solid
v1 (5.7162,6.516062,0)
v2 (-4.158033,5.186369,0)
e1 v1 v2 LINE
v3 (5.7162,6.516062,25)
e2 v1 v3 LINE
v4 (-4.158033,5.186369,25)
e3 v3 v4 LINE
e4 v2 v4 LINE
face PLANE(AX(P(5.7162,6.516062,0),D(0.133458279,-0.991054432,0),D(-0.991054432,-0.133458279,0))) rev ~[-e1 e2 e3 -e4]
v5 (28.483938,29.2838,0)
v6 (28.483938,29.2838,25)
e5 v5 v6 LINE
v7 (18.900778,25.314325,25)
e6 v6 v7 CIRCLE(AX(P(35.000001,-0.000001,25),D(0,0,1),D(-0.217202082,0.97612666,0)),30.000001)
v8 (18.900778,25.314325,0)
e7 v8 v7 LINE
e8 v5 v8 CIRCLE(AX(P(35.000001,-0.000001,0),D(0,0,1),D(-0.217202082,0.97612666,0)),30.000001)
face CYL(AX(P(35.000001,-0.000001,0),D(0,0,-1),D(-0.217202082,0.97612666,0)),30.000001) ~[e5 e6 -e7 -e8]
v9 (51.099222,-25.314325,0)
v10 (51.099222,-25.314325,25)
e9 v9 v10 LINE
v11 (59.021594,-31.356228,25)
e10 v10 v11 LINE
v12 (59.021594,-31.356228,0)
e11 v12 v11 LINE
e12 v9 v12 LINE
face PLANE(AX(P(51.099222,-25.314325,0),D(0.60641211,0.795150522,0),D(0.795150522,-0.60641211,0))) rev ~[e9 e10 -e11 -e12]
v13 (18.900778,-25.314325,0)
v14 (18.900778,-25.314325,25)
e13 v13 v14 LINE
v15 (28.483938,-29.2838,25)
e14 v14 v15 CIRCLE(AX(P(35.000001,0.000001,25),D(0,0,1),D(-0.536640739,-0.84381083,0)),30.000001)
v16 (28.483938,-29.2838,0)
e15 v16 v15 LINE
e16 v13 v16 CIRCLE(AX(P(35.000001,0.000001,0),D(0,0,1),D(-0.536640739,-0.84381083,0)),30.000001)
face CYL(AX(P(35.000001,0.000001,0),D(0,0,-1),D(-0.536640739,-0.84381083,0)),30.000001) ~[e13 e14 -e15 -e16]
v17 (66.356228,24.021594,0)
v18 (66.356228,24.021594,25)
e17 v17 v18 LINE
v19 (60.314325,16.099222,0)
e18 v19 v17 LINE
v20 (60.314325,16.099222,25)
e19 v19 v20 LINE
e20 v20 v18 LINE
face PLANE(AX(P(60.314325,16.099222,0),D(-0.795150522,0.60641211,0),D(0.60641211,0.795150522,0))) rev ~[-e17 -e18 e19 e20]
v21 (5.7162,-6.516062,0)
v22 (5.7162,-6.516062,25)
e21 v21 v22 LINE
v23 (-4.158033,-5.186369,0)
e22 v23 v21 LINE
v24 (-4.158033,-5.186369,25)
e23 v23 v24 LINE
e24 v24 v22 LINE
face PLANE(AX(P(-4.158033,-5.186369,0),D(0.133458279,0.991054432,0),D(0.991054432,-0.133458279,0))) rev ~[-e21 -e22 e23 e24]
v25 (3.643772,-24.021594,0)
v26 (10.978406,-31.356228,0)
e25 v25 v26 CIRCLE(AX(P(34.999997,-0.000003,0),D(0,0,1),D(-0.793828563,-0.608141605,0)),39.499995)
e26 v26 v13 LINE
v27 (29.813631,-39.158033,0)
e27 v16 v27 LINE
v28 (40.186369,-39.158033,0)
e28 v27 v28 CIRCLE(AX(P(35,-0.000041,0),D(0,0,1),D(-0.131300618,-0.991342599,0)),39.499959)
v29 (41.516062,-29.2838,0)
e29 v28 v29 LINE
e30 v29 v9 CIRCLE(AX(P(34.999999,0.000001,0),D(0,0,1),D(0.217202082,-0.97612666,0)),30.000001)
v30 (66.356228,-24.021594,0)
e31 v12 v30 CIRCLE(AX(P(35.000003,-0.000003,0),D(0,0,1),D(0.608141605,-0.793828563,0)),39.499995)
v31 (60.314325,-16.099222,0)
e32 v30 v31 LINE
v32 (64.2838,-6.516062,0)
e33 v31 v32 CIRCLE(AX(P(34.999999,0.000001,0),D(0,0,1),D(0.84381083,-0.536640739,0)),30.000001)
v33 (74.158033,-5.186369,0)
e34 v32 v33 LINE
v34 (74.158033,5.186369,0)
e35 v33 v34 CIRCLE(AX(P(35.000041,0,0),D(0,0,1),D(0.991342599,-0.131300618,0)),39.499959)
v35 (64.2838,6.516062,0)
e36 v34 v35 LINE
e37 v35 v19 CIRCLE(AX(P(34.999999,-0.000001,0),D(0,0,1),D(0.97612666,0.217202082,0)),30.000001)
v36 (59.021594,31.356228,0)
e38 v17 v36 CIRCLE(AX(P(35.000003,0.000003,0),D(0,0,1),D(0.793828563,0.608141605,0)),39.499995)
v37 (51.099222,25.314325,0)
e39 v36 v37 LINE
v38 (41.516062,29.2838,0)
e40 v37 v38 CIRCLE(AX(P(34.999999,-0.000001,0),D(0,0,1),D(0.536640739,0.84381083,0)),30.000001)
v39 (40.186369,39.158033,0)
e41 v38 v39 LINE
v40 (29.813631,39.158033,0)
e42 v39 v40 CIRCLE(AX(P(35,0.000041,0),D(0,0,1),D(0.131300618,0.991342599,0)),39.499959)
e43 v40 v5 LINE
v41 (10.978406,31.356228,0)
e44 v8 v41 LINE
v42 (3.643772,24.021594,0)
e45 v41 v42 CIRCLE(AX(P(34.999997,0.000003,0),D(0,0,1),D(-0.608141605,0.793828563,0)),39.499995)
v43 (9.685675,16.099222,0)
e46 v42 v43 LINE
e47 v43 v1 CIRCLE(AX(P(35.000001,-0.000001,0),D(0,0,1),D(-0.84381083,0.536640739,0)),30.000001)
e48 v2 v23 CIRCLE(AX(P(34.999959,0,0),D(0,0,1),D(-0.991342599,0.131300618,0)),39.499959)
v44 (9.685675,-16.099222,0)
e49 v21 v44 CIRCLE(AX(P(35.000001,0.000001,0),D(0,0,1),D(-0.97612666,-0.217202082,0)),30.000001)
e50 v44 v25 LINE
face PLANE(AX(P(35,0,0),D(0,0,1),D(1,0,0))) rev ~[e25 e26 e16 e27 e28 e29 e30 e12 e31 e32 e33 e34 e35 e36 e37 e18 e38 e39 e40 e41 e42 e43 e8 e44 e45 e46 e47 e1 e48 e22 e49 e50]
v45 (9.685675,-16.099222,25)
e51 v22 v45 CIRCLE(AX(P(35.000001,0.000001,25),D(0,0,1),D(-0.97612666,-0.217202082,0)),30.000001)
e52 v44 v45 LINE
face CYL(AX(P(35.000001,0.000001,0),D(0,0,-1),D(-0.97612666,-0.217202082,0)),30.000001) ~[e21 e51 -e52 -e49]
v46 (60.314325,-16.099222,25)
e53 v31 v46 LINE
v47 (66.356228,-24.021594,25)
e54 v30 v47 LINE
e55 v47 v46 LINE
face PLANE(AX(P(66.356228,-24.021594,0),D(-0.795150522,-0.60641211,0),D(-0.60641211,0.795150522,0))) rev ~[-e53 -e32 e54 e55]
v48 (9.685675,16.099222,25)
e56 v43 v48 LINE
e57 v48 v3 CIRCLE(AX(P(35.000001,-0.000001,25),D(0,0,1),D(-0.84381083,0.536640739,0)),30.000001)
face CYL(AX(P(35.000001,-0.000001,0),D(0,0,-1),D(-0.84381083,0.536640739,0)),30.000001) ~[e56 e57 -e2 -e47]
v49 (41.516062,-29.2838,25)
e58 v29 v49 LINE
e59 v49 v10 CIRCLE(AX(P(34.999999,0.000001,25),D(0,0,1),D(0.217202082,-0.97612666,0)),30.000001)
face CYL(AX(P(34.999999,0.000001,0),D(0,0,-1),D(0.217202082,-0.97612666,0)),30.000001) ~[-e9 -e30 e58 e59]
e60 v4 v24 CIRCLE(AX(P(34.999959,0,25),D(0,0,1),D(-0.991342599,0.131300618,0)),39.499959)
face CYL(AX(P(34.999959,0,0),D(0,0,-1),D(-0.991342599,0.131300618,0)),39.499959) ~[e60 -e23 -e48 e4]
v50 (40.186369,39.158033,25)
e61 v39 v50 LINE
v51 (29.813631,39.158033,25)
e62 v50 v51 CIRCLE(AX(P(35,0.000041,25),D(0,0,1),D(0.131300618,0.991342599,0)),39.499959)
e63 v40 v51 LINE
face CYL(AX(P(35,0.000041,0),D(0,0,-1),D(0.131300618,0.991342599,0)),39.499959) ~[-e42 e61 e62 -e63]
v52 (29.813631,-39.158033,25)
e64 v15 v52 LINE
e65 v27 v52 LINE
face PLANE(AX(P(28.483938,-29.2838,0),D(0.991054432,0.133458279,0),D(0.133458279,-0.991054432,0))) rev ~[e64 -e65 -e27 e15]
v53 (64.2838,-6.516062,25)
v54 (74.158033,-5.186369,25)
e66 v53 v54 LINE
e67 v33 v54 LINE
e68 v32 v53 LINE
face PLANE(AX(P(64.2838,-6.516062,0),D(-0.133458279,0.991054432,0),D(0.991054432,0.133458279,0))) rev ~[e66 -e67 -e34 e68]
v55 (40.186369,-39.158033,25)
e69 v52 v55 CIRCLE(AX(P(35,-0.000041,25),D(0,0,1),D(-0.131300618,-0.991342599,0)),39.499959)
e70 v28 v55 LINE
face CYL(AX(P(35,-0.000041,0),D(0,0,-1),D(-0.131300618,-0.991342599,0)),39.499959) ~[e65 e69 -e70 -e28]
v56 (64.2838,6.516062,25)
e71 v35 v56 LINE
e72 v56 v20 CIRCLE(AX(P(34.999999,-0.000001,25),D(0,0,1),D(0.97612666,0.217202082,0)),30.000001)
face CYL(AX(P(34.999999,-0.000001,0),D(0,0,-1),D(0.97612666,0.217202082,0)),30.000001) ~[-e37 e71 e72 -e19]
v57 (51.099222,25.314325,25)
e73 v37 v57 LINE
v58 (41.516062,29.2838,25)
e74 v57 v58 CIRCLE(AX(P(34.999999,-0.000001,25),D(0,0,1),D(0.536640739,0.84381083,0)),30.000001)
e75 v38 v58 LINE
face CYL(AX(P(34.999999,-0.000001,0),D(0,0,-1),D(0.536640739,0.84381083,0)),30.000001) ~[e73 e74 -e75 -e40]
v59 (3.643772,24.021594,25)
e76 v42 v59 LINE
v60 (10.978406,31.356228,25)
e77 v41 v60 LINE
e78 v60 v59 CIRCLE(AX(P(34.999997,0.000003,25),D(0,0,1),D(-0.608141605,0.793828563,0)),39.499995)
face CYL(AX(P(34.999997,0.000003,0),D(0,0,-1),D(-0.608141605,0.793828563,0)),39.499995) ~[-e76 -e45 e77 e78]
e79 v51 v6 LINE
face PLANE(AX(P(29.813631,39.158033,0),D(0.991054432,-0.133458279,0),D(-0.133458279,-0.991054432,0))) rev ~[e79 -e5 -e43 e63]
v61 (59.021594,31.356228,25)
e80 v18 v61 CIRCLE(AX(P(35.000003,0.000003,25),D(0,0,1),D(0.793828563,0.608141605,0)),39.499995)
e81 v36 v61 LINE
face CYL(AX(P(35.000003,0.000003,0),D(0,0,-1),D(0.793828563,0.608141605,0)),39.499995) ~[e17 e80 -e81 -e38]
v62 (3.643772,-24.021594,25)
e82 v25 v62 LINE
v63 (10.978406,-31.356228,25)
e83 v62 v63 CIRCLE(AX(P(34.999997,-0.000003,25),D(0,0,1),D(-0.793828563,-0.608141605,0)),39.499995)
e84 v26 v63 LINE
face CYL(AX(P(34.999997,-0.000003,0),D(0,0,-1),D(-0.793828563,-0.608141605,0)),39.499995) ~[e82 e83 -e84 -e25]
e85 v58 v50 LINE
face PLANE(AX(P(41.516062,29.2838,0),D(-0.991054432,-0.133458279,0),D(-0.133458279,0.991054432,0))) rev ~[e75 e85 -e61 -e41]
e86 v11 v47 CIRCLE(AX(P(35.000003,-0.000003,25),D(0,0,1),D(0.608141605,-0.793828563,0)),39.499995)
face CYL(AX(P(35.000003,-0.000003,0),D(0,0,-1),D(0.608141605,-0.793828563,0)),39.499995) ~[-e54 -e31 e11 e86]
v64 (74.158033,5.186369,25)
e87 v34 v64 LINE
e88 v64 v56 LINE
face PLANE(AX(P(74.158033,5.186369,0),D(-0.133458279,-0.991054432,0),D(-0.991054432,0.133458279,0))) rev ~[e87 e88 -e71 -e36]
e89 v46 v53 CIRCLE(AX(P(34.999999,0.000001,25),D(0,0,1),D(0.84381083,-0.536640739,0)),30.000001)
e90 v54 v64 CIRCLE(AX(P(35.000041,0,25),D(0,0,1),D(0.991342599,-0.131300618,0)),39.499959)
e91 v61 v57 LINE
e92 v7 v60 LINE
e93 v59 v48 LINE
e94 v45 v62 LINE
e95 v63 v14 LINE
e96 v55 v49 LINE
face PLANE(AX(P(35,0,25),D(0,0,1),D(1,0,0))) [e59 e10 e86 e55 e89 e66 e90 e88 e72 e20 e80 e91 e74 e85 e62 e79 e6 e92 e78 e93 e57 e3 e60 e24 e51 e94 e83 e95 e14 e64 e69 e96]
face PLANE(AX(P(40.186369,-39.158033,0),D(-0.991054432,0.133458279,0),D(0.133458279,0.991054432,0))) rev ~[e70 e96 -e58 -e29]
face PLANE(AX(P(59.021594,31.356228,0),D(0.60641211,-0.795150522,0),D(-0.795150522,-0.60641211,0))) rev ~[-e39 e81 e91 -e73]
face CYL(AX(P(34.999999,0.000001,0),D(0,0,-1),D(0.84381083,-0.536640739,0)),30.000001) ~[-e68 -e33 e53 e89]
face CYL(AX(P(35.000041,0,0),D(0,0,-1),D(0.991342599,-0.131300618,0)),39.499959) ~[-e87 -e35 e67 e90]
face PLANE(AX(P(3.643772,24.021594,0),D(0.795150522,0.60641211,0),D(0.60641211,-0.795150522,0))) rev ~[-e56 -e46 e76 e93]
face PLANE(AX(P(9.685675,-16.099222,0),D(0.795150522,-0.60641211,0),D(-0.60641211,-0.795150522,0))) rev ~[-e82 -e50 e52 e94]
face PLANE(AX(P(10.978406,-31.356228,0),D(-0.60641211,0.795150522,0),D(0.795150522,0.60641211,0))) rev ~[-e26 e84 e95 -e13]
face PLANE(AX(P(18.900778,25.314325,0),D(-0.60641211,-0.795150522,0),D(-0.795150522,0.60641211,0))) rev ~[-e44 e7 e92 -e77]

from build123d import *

# Parameters (mm, degrees)
F1_DEPTH = 25


with BuildPart() as f1:
    # F0 (on Top) → F1 (new body)
    with BuildSketch(Plane.XY):
        with BuildLine():
            ThreePointArc((29.813631, -39.158033), (35, -39.5), (40.186369, -39.158033))
            Line((40.186369, -39.158033), (41.516062, -29.2838))
            ThreePointArc((41.516062, -29.2838), (46.480503, -27.716386), (51.099222, -25.314325))
            Line((51.099222, -25.314325), (59.021594, -31.356228))
            ThreePointArc((59.021594, -31.356228), (62.930718, -27.930718), (66.356228, -24.021594))
            Line((66.356228, -24.021594), (60.314325, -16.099222))
            ThreePointArc((60.314325, -16.099222), (62.716386, -11.480503), (64.2838, -6.516062))
            Line((64.2838, -6.516062), (74.158033, -5.186369))
            ThreePointArc((74.158033, -5.186369), (74.5, 0), (74.158033, 5.186369))
            Line((74.158033, 5.186369), (64.2838, 6.516062))
            ThreePointArc((64.2838, 6.516062), (62.716386, 11.480503), (60.314325, 16.099222))
            Line((60.314325, 16.099222), (66.356228, 24.021594))
            ThreePointArc((66.356228, 24.021594), (62.930718, 27.930718), (59.021594, 31.356228))
            Line((59.021594, 31.356228), (51.099222, 25.314325))
            ThreePointArc((51.099222, 25.314325), (46.480503, 27.716386), (41.516062, 29.2838))
            Line((41.516062, 29.2838), (40.186369, 39.158033))
            ThreePointArc((40.186369, 39.158033), (35, 39.5), (29.813631, 39.158033))
            Line((29.813631, 39.158033), (28.483938, 29.2838))
            ThreePointArc((28.483938, 29.2838), (23.519497, 27.716386), (18.900778, 25.314325))
            Line((18.900778, 25.314325), (10.978406, 31.356228))
            ThreePointArc((10.978406, 31.356228), (7.069282, 27.930718), (3.643772, 24.021594))
            Line((3.643772, 24.021594), (9.685675, 16.099222))
            ThreePointArc((9.685675, 16.099222), (7.283614, 11.480503), (5.7162, 6.516062))
            Line((5.7162, 6.516062), (-4.158033, 5.186369))
            ThreePointArc((-4.158033, 5.186369), (-4.5, 0), (-4.158033, -5.186369))
            Line((-4.158033, -5.186369), (5.7162, -6.516062))
            ThreePointArc((5.7162, -6.516062), (7.283614, -11.480503), (9.685675, -16.099222))
            Line((9.685675, -16.099222), (3.643772, -24.021594))
            ThreePointArc((3.643772, -24.021594), (7.069282, -27.930718), (10.978406, -31.356228))
            Line((10.978406, -31.356228), (18.900778, -25.314325))
            ThreePointArc((18.900778, -25.314325), (23.519497, -27.716386), (28.483938, -29.2838))
            Line((28.483938, -29.2838), (29.813631, -39.158033))
        make_face()
    extrude(amount=F1_DEPTH)


solid = f1.part
